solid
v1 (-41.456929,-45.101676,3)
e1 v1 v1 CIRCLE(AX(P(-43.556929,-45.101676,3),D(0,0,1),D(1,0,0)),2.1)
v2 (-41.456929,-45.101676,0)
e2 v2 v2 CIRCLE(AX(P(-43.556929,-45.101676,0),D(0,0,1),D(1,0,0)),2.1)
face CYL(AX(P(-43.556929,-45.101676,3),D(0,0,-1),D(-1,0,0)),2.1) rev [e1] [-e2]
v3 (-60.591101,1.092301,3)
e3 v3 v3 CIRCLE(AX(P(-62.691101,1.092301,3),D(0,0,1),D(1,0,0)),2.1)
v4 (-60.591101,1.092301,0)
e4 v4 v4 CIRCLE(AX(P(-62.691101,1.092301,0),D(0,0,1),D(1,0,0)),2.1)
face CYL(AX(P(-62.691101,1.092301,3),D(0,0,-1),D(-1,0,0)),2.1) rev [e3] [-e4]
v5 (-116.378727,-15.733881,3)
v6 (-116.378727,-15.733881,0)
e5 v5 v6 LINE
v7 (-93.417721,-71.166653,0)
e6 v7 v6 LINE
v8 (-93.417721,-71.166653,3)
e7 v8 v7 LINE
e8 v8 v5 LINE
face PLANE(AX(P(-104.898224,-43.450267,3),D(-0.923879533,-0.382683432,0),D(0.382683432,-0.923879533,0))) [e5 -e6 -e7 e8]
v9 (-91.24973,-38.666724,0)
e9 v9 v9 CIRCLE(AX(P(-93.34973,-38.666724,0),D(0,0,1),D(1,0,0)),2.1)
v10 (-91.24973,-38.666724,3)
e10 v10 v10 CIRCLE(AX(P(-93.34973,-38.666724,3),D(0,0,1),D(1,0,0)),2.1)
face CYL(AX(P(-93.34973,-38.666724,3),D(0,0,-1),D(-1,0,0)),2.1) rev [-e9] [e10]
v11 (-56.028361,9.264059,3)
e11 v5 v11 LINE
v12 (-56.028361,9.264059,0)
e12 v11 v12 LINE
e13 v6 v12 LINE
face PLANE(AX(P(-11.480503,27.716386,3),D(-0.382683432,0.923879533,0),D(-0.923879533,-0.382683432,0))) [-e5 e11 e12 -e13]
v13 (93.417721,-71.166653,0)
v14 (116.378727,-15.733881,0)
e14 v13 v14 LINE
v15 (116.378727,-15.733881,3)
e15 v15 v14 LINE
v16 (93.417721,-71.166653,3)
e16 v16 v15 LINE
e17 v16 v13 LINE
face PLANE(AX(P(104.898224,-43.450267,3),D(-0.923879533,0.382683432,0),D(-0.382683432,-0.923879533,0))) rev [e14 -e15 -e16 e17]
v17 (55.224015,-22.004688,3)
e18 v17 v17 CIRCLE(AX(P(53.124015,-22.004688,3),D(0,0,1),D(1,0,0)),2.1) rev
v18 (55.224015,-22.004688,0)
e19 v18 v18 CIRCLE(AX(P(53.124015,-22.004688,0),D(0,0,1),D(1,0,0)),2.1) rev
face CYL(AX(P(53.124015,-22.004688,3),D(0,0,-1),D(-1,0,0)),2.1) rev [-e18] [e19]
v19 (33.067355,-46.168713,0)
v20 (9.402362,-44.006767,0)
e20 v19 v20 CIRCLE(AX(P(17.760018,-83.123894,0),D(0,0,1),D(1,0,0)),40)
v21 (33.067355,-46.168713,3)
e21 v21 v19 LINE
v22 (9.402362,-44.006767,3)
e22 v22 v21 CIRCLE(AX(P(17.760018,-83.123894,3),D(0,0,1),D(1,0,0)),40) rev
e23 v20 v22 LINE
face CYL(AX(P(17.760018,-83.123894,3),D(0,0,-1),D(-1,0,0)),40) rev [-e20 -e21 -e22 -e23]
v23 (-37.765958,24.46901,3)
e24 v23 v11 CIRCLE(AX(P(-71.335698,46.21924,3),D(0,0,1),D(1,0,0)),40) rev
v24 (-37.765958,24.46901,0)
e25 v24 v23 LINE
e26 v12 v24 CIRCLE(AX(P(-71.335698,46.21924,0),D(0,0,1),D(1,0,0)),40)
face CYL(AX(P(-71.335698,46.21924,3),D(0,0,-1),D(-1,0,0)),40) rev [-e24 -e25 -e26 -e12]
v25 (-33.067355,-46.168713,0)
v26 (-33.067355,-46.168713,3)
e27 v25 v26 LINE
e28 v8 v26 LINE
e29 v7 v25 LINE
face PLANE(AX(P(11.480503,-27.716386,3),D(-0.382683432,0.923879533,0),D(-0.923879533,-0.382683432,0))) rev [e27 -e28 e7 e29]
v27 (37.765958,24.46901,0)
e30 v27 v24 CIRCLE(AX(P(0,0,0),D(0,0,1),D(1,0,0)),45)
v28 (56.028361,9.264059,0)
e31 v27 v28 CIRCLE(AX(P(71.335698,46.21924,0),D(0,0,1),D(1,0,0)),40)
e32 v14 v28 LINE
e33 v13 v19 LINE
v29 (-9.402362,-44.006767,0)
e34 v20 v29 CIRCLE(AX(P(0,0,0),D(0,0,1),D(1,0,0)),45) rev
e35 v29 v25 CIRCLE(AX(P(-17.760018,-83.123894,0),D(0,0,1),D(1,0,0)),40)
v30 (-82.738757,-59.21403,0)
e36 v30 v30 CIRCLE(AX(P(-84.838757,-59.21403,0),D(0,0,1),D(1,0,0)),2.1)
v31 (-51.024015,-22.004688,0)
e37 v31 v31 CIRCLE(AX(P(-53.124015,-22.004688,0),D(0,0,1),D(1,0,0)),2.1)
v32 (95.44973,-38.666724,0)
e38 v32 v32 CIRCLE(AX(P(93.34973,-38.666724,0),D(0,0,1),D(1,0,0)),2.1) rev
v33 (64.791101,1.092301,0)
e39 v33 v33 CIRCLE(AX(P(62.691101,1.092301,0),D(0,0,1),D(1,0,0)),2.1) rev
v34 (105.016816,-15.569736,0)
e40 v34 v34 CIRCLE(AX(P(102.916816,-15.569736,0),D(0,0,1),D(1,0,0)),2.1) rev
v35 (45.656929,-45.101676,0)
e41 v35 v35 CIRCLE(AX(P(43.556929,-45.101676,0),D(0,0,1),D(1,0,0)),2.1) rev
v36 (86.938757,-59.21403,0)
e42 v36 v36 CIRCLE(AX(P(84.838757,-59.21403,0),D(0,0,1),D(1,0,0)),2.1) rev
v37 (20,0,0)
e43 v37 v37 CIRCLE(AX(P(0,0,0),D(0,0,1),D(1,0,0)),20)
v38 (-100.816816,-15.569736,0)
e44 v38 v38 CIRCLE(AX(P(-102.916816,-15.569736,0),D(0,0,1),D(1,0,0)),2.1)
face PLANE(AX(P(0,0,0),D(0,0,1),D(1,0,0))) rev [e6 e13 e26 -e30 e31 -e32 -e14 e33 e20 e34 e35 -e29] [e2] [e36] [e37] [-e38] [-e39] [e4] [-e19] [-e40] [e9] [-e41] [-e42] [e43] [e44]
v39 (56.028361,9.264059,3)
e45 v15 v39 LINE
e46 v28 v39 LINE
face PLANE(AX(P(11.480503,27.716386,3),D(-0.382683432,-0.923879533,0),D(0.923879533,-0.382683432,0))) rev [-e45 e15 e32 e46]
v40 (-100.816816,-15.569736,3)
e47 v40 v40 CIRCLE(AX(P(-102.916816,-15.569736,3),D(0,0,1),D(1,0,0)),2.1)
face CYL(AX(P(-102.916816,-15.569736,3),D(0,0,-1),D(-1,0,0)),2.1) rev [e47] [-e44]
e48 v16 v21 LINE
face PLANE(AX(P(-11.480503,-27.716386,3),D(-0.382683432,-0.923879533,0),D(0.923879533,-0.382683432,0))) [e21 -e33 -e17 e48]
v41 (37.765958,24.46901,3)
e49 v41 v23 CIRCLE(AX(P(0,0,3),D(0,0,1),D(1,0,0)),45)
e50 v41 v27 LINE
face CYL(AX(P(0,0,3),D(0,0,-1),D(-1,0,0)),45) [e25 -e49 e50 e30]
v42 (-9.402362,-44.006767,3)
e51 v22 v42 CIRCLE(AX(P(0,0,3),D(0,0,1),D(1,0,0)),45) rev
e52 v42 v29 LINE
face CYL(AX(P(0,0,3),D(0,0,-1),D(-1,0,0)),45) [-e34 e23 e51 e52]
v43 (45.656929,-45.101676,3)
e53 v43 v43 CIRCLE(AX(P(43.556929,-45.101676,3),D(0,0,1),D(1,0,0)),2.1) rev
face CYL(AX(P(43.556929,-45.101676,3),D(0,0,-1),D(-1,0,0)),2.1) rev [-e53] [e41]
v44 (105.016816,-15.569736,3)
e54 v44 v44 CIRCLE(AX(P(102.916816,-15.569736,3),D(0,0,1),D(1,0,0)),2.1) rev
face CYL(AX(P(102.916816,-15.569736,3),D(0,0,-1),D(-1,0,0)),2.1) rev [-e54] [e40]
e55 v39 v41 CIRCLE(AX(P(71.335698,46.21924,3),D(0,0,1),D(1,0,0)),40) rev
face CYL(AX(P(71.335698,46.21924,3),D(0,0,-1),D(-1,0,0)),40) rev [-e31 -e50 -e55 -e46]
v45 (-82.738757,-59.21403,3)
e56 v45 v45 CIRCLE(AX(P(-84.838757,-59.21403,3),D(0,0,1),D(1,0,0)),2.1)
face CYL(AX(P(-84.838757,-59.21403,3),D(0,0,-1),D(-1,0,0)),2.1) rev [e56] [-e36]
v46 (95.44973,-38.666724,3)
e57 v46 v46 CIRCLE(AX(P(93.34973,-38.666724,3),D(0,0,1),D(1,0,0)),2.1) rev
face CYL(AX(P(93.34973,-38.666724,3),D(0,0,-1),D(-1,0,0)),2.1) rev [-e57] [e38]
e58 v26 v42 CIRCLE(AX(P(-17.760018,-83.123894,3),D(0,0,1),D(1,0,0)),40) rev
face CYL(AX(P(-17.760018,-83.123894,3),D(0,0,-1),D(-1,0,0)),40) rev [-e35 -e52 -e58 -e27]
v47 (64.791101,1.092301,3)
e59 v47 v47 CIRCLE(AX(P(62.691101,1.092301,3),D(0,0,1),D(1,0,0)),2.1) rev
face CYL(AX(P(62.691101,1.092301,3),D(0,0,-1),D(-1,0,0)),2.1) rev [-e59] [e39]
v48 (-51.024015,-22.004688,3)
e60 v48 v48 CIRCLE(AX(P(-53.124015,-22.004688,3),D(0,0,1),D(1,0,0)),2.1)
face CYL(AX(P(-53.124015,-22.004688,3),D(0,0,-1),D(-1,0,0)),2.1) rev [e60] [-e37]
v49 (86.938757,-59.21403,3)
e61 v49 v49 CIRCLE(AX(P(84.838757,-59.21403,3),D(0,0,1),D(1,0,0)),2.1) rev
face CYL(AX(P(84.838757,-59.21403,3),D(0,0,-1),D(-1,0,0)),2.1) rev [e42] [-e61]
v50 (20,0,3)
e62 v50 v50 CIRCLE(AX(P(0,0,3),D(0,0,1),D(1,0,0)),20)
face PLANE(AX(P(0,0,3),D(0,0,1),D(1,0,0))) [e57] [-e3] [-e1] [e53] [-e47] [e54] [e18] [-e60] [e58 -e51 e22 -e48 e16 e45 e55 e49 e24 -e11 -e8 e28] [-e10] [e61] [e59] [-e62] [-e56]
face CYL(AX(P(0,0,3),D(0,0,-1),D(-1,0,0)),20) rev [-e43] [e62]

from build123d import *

# Parameters (mm, degrees)
SKETCH1_R           = 20
SKETCH1_R_2         = 2.1
BOSS_EXTRUDE1_DEPTH = 3
FILLET1_R           = 40


with BuildPart() as part:
    # Sketch1 → Boss-Extrude1 (new body)
    with BuildSketch(Plane.XY):
        with BuildLine():
            Line((-93.417721196, -71.166653094), (-116.378727138, -15.733881143))
            Line((-116.378727138, -15.733881143), (-42.468364537, 14.880793446))
            ThreePointArc((-42.468364537, 14.880793446), (0, 45), (42.468364537, 14.880793446))
            Line((42.468364537, 14.880793446), (116.378727138, -15.733881143))
            Line((116.378727138, -15.733881143), (93.417721196, -71.166653094))
            Line((93.417721196, -71.166653094), (19.507358595, -40.551978505))
            ThreePointArc((19.507358595, -40.551978505), (0, -45), (-19.507358595, -40.551978505))
            Line((-19.507358595, -40.551978505), (-93.417721196, -71.166653094))
        make_face()
        Circle(SKETCH1_R, mode=Mode.SUBTRACT)
        with Locations((-93.34973001, -38.666724214)):
            Circle(SKETCH1_R_2, mode=Mode.SUBTRACT)
        with Locations((-102.916815819, -15.569735901)):
            Circle(SKETCH1_R_2, mode=Mode.SUBTRACT)
        with Locations((-84.838757104, -59.214030433)):
            Circle(SKETCH1_R_2, mode=Mode.SUBTRACT)
        with Locations((84.838757104, -59.214030433)):
            Circle(SKETCH1_R_2, mode=Mode.SUBTRACT)
        with Locations((93.34973001, -38.666724214)):
            Circle(SKETCH1_R_2, mode=Mode.SUBTRACT)
        with Locations((102.916815819, -15.569735901)):
            Circle(SKETCH1_R_2, mode=Mode.SUBTRACT)
        with Locations((-62.691100974, 1.092300744)):
            Circle(SKETCH1_R_2, mode=Mode.SUBTRACT)
        with Locations((-53.124015165, -22.004687569)):
            Circle(SKETCH1_R_2, mode=Mode.SUBTRACT)
        with Locations((-43.556929356, -45.101675882)):
            Circle(SKETCH1_R_2, mode=Mode.SUBTRACT)
        with Locations((43.556929356, -45.101675882)):
            Circle(SKETCH1_R_2, mode=Mode.SUBTRACT)
        with Locations((53.124015165, -22.004687569)):
            Circle(SKETCH1_R_2, mode=Mode.SUBTRACT)
        with Locations((62.691100974, 1.092300744)):
            Circle(SKETCH1_R_2, mode=Mode.SUBTRACT)
    extrude(amount=BOSS_EXTRUDE1_DEPTH)

    # Fillet1
    fillet1_edges = [part.edges().sort_by_distance(p)[0] for p in [
        (-19.507358595, -40.551978505, 1.5),
        (-42.468364537, 14.880793446, 1.5),
        (42.468364537, 14.880793446, 1.5),
        (19.507358595, -40.551978505, 1.5),
    ]]
    fillet(fillet1_edges, radius=FILLET1_R)


solid = part.part
